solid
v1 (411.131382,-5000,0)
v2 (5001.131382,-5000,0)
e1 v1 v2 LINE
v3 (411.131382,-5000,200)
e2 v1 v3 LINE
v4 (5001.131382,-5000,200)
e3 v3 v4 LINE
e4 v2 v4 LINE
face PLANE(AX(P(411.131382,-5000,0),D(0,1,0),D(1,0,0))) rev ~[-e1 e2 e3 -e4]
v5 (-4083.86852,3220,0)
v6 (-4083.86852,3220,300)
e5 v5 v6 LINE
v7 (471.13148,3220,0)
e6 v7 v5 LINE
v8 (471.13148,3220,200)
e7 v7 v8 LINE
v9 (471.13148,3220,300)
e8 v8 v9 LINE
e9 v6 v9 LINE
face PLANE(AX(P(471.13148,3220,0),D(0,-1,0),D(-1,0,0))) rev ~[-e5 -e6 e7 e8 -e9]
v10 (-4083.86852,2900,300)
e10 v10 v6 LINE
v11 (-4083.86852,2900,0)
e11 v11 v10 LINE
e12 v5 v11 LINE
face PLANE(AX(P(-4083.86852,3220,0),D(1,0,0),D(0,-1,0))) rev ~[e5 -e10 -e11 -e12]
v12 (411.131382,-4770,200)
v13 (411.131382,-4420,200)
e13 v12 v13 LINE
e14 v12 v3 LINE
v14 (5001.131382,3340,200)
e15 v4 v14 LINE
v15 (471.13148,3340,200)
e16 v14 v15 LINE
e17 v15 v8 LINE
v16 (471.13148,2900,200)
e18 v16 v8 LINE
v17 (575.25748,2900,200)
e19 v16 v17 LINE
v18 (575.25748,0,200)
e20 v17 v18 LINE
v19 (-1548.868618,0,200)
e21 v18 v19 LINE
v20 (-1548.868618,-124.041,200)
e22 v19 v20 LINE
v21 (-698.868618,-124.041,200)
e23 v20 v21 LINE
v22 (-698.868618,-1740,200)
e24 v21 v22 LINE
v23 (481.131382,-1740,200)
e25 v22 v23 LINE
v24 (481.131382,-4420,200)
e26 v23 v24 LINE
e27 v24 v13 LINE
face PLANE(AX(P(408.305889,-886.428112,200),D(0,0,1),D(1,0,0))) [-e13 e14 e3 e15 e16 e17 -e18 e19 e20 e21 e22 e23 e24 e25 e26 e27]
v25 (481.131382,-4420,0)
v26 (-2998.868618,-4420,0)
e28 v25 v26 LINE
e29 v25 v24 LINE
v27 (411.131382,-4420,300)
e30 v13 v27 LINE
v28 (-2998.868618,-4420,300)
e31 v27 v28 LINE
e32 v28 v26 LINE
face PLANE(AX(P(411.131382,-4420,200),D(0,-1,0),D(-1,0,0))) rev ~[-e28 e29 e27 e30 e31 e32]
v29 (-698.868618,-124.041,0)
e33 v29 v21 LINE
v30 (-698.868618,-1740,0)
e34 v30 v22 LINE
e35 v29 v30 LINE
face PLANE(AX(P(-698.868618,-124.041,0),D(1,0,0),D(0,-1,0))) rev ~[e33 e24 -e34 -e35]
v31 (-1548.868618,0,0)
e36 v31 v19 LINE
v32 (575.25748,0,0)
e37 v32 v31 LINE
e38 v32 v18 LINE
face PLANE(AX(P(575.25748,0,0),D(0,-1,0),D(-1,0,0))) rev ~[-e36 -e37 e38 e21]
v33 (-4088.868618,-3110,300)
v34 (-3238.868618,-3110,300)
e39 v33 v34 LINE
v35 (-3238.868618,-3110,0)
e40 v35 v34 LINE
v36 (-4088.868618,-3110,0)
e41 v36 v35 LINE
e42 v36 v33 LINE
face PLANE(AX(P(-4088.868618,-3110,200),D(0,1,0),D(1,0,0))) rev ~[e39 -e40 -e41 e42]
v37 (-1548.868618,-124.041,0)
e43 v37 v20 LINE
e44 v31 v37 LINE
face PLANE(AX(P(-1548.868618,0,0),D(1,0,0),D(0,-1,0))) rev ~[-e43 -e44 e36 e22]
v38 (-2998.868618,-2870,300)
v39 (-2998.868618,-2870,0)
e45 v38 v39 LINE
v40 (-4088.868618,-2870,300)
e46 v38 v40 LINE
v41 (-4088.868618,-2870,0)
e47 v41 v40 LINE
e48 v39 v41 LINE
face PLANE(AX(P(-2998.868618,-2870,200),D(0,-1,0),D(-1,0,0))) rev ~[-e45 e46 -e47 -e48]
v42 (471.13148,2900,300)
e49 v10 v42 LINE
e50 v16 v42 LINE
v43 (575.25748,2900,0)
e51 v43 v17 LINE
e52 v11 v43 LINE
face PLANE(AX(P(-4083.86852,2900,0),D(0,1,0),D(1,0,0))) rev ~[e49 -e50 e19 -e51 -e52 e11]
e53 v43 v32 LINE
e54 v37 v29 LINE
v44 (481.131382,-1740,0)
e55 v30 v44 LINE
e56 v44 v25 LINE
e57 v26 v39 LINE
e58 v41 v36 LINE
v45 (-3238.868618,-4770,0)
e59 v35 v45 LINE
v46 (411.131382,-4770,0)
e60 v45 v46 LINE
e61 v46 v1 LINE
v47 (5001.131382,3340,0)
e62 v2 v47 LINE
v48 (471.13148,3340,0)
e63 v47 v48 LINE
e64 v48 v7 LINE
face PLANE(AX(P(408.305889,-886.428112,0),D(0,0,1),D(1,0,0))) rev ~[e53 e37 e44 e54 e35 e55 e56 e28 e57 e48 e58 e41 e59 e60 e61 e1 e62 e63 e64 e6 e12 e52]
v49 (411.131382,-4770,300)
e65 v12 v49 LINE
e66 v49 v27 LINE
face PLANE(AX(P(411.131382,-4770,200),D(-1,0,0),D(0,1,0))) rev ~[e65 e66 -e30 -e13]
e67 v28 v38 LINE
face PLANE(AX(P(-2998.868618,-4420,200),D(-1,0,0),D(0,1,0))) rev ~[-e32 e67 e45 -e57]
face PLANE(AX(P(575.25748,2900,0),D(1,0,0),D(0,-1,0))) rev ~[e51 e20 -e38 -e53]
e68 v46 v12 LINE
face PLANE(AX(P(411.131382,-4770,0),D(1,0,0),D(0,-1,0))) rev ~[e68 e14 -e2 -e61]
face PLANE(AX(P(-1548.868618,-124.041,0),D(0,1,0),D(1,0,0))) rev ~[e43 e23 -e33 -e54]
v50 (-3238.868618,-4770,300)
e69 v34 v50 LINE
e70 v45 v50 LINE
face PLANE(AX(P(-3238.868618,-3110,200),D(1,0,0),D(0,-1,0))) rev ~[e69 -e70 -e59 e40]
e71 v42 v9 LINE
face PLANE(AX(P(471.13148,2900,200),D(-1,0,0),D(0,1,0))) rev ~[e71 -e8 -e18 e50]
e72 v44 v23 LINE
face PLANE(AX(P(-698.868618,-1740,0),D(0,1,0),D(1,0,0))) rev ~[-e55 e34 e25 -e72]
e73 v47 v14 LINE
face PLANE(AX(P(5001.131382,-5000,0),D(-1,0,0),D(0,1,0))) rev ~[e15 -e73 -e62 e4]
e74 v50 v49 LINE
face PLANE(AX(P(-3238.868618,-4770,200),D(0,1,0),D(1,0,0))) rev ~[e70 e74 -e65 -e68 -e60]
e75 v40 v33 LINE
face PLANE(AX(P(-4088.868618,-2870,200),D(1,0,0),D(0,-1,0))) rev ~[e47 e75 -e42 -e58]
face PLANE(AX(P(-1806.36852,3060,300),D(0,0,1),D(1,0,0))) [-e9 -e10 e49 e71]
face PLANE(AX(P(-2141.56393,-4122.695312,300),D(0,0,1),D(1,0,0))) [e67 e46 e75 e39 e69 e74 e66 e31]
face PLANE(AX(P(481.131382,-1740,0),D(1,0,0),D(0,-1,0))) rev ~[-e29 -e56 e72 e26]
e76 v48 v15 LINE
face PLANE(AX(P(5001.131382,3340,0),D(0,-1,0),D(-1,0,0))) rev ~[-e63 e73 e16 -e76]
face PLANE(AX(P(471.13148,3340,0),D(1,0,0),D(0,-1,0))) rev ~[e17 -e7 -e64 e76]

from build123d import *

# Parameters (mm, degrees)
F1_DEPTH = 200
F2_W     = 4555
F2_H     = 320
F3_DEPTH = 100


with BuildPart() as f1:
    # F0 (on Top) → F1 (new body)
    with BuildSketch(Plane.XY):
        Polygon((-4088.868618, -2870), (-4088.868618, -3110), (-3238.868618, -3110), (-3238.868618, -4770), (411.131382, -4770), (411.131382, -5000), (5001.131382, -5000), (5001.131382, 3340), (575.25748, 3340), (471.13148, 3340), (471.13148, 3220), (-4083.86852, 3220), (-4083.86852, 2900), (575.25748, 2900), (575.25748, 0), (-1548.868618, 0), (-1548.868618, -124.041), (-698.868618, -124.041), (-698.868618, -1740), (481.131382, -1740), (481.131382, -4420), (-2998.868618, -4420), (-2998.868618, -2870), align=None)
    extrude(amount=F1_DEPTH)

    # F2 (on face) → F3 (join)
    with BuildSketch(Plane.XY.offset(200)):
        Polygon((-2998.868618, -2870), (-4088.868618, -2870), (-4088.868618, -3110), (-3238.868618, -3110), (-3238.868618, -4770), (411.131382, -4770), (411.131382, -4420), (-2998.868618, -4420), align=None)
        with Locations((-1806.36852, 3060)):
            Rectangle(F2_W, F2_H)
    extrude(amount=F3_DEPTH)


solid = f1.part
